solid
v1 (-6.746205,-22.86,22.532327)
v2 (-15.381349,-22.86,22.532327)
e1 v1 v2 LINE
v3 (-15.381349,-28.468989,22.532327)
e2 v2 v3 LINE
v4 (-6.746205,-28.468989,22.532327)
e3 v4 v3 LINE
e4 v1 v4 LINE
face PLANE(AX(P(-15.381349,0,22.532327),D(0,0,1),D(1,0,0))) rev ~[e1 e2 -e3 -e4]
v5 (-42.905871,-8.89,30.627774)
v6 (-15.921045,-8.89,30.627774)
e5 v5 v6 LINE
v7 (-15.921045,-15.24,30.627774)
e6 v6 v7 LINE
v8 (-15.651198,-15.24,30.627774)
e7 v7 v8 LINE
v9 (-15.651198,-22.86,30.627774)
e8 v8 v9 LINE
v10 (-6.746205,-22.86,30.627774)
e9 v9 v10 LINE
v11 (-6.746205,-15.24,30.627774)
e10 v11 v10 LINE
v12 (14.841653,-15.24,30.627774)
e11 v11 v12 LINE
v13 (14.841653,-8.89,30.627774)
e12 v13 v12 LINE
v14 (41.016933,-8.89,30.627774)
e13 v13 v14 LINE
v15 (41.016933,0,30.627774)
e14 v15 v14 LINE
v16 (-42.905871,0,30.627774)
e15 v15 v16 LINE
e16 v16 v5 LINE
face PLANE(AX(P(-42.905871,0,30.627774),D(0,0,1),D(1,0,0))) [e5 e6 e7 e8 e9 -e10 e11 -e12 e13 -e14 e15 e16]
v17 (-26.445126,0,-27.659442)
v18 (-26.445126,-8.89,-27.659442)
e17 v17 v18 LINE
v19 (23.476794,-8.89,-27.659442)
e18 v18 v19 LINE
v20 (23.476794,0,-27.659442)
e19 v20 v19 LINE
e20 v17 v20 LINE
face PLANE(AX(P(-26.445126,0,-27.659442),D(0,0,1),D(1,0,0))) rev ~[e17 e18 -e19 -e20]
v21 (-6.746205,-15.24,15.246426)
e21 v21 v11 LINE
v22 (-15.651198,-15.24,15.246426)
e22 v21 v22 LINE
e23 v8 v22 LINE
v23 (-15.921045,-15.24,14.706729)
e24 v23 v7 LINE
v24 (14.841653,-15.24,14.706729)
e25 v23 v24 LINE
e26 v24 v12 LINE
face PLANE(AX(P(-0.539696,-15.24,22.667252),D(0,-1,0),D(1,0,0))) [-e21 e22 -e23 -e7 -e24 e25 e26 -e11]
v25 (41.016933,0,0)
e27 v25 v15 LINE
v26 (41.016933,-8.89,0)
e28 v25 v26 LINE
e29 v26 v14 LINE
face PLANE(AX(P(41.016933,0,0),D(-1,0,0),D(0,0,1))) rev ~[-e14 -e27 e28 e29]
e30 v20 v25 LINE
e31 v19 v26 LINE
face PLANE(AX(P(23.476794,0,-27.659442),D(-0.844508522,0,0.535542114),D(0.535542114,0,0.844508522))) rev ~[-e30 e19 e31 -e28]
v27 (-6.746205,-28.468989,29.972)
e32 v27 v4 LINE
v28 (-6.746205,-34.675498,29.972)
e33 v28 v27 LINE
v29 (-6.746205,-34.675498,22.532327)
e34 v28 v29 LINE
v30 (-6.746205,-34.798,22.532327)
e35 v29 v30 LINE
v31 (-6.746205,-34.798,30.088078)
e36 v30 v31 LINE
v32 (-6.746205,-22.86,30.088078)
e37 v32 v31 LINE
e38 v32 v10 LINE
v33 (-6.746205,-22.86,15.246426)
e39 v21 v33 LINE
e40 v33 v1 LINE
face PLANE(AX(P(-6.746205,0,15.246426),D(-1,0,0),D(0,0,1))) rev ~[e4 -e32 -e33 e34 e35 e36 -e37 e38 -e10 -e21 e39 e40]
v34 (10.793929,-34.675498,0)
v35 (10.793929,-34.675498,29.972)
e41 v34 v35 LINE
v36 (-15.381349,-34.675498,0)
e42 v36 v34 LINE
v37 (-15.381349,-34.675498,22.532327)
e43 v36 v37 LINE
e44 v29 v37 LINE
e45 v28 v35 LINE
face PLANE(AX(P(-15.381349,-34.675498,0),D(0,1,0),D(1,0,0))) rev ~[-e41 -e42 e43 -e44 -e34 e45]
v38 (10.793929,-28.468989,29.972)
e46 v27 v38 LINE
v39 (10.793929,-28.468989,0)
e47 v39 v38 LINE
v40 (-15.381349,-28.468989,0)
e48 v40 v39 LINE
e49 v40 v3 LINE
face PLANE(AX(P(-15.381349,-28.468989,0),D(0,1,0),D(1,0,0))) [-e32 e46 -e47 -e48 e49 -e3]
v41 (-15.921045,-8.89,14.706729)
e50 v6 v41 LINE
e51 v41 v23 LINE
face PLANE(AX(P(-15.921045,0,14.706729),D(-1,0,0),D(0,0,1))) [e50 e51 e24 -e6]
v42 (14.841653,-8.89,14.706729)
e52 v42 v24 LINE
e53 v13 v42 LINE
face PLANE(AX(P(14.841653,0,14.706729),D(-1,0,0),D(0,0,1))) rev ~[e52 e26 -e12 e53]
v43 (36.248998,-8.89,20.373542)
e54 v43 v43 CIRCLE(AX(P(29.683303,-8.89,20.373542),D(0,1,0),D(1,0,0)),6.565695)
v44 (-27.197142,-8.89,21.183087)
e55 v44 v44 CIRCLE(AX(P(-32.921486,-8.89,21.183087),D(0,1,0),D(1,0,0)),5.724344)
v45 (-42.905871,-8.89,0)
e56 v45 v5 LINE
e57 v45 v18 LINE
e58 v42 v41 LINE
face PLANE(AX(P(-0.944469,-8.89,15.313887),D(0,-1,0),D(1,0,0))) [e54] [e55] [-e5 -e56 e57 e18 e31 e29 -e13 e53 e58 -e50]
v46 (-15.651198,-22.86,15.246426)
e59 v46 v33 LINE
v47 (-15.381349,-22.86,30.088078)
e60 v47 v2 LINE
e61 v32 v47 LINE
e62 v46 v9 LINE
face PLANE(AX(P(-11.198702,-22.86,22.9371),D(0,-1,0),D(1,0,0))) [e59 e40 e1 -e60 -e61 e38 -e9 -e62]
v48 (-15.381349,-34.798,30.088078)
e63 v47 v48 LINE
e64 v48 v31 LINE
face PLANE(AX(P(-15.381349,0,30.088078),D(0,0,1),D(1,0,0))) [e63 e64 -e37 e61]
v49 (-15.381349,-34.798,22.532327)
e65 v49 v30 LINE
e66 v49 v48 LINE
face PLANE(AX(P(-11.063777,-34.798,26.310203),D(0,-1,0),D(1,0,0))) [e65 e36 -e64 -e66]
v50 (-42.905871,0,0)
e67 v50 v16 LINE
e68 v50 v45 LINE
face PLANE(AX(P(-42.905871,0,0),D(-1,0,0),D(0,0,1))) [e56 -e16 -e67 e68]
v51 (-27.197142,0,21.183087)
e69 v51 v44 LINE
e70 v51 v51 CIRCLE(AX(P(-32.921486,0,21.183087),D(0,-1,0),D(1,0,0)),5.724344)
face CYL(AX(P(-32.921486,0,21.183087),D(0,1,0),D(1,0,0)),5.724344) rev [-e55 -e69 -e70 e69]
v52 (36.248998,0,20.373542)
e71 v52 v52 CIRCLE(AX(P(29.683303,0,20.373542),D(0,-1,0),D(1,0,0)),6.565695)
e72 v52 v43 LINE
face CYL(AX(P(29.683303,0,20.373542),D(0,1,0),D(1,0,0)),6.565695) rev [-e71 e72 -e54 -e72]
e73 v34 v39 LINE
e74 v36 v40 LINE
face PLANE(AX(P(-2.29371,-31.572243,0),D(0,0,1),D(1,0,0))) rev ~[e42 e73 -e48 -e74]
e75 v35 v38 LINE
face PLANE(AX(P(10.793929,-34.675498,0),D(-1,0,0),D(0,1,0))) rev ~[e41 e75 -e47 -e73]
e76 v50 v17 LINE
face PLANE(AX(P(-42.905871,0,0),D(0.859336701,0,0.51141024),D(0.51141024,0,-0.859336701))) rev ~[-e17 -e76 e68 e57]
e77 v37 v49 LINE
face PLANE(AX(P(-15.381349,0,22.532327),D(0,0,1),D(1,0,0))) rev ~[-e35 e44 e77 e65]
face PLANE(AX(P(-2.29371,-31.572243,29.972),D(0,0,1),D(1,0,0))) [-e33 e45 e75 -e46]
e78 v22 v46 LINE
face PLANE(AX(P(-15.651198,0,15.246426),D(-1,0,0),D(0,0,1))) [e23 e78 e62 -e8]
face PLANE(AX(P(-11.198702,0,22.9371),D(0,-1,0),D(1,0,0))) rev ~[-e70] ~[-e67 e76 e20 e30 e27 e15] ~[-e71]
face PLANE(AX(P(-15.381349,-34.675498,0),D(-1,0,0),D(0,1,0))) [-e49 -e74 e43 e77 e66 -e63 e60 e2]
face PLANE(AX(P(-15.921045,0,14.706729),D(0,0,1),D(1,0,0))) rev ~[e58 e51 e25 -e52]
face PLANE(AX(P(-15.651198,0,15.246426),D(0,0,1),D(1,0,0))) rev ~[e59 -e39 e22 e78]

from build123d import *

# Parameters (mm, degrees)
F0_W      = 83.9228034019
F0_H      = 30.6277740747
F1_DEPTH  = 8.89
F2_W      = 30.7626985013
F2_H      = 15.9210450947
F3_DEPTH  = 15.24
F4_W      = 8.9049930684
F4_H      = 15.3813483194
F5_DEPTH  = 22.86
F6_W      = 8.6351442151
F6_H      = 7.55575113
F7_DEPTH  = 34.798
F8_W      = 26.175278239
F8_H      = 6.2065087259
F9_DEPTH  = 29.972
F10_R     = 5.7243436082
F10_R_2   = 6.565694646
F11_DEPTH = 25.4


with BuildPart() as f1:
    # F0 (on Front) → F1 (new body)
    with BuildSketch(Plane.XZ):
        with Locations((-0.9444691241, 15.3138870373)):
            Rectangle(F0_W, F0_H)
        Polygon((41.0169325769, 0), (-42.9058708251, 0), (-26.445126161, -27.6594422758), (23.4767943621, -27.6594422758), align=None)
    extrude(amount=F1_DEPTH)

    # F2 (on Front) → F3 (join)
    with BuildSketch(Plane.XZ):
        with Locations((-0.5396958441, 22.6672515273)):
            Rectangle(F2_W, F2_H)
    extrude(amount=F3_DEPTH)

    # F4 (on Front) → F5 (join)
    with BuildSketch(Plane.XZ):
        with Locations((-11.1987015698, 22.937099915)):
            Rectangle(F4_W, F4_H)
    extrude(amount=F5_DEPTH)

    # F6 (on Front) → F7 (join)
    with BuildSketch(Plane.XZ):
        with Locations((-11.0637771431, 26.3102026656)):
            Rectangle(F6_W, F6_H)
    extrude(amount=F7_DEPTH)

    # F8 (on Top) → F9 (join)
    with BuildSketch(Plane.XY):
        with Locations((-2.2937101312, -31.5722431988)):
            Rectangle(F8_W, F8_H)
    extrude(amount=F9_DEPTH)

    # F10 (on Front) → F11 (cut)
    with BuildSketch(Plane.XZ):
        with Locations((-32.9214856029, 21.1830865592)):
            Circle(F10_R)
        with Locations((29.6833030879, 20.3735418618)):
            Circle(F10_R_2)
    extrude(amount=F11_DEPTH, mode=Mode.SUBTRACT)


solid = f1.part
